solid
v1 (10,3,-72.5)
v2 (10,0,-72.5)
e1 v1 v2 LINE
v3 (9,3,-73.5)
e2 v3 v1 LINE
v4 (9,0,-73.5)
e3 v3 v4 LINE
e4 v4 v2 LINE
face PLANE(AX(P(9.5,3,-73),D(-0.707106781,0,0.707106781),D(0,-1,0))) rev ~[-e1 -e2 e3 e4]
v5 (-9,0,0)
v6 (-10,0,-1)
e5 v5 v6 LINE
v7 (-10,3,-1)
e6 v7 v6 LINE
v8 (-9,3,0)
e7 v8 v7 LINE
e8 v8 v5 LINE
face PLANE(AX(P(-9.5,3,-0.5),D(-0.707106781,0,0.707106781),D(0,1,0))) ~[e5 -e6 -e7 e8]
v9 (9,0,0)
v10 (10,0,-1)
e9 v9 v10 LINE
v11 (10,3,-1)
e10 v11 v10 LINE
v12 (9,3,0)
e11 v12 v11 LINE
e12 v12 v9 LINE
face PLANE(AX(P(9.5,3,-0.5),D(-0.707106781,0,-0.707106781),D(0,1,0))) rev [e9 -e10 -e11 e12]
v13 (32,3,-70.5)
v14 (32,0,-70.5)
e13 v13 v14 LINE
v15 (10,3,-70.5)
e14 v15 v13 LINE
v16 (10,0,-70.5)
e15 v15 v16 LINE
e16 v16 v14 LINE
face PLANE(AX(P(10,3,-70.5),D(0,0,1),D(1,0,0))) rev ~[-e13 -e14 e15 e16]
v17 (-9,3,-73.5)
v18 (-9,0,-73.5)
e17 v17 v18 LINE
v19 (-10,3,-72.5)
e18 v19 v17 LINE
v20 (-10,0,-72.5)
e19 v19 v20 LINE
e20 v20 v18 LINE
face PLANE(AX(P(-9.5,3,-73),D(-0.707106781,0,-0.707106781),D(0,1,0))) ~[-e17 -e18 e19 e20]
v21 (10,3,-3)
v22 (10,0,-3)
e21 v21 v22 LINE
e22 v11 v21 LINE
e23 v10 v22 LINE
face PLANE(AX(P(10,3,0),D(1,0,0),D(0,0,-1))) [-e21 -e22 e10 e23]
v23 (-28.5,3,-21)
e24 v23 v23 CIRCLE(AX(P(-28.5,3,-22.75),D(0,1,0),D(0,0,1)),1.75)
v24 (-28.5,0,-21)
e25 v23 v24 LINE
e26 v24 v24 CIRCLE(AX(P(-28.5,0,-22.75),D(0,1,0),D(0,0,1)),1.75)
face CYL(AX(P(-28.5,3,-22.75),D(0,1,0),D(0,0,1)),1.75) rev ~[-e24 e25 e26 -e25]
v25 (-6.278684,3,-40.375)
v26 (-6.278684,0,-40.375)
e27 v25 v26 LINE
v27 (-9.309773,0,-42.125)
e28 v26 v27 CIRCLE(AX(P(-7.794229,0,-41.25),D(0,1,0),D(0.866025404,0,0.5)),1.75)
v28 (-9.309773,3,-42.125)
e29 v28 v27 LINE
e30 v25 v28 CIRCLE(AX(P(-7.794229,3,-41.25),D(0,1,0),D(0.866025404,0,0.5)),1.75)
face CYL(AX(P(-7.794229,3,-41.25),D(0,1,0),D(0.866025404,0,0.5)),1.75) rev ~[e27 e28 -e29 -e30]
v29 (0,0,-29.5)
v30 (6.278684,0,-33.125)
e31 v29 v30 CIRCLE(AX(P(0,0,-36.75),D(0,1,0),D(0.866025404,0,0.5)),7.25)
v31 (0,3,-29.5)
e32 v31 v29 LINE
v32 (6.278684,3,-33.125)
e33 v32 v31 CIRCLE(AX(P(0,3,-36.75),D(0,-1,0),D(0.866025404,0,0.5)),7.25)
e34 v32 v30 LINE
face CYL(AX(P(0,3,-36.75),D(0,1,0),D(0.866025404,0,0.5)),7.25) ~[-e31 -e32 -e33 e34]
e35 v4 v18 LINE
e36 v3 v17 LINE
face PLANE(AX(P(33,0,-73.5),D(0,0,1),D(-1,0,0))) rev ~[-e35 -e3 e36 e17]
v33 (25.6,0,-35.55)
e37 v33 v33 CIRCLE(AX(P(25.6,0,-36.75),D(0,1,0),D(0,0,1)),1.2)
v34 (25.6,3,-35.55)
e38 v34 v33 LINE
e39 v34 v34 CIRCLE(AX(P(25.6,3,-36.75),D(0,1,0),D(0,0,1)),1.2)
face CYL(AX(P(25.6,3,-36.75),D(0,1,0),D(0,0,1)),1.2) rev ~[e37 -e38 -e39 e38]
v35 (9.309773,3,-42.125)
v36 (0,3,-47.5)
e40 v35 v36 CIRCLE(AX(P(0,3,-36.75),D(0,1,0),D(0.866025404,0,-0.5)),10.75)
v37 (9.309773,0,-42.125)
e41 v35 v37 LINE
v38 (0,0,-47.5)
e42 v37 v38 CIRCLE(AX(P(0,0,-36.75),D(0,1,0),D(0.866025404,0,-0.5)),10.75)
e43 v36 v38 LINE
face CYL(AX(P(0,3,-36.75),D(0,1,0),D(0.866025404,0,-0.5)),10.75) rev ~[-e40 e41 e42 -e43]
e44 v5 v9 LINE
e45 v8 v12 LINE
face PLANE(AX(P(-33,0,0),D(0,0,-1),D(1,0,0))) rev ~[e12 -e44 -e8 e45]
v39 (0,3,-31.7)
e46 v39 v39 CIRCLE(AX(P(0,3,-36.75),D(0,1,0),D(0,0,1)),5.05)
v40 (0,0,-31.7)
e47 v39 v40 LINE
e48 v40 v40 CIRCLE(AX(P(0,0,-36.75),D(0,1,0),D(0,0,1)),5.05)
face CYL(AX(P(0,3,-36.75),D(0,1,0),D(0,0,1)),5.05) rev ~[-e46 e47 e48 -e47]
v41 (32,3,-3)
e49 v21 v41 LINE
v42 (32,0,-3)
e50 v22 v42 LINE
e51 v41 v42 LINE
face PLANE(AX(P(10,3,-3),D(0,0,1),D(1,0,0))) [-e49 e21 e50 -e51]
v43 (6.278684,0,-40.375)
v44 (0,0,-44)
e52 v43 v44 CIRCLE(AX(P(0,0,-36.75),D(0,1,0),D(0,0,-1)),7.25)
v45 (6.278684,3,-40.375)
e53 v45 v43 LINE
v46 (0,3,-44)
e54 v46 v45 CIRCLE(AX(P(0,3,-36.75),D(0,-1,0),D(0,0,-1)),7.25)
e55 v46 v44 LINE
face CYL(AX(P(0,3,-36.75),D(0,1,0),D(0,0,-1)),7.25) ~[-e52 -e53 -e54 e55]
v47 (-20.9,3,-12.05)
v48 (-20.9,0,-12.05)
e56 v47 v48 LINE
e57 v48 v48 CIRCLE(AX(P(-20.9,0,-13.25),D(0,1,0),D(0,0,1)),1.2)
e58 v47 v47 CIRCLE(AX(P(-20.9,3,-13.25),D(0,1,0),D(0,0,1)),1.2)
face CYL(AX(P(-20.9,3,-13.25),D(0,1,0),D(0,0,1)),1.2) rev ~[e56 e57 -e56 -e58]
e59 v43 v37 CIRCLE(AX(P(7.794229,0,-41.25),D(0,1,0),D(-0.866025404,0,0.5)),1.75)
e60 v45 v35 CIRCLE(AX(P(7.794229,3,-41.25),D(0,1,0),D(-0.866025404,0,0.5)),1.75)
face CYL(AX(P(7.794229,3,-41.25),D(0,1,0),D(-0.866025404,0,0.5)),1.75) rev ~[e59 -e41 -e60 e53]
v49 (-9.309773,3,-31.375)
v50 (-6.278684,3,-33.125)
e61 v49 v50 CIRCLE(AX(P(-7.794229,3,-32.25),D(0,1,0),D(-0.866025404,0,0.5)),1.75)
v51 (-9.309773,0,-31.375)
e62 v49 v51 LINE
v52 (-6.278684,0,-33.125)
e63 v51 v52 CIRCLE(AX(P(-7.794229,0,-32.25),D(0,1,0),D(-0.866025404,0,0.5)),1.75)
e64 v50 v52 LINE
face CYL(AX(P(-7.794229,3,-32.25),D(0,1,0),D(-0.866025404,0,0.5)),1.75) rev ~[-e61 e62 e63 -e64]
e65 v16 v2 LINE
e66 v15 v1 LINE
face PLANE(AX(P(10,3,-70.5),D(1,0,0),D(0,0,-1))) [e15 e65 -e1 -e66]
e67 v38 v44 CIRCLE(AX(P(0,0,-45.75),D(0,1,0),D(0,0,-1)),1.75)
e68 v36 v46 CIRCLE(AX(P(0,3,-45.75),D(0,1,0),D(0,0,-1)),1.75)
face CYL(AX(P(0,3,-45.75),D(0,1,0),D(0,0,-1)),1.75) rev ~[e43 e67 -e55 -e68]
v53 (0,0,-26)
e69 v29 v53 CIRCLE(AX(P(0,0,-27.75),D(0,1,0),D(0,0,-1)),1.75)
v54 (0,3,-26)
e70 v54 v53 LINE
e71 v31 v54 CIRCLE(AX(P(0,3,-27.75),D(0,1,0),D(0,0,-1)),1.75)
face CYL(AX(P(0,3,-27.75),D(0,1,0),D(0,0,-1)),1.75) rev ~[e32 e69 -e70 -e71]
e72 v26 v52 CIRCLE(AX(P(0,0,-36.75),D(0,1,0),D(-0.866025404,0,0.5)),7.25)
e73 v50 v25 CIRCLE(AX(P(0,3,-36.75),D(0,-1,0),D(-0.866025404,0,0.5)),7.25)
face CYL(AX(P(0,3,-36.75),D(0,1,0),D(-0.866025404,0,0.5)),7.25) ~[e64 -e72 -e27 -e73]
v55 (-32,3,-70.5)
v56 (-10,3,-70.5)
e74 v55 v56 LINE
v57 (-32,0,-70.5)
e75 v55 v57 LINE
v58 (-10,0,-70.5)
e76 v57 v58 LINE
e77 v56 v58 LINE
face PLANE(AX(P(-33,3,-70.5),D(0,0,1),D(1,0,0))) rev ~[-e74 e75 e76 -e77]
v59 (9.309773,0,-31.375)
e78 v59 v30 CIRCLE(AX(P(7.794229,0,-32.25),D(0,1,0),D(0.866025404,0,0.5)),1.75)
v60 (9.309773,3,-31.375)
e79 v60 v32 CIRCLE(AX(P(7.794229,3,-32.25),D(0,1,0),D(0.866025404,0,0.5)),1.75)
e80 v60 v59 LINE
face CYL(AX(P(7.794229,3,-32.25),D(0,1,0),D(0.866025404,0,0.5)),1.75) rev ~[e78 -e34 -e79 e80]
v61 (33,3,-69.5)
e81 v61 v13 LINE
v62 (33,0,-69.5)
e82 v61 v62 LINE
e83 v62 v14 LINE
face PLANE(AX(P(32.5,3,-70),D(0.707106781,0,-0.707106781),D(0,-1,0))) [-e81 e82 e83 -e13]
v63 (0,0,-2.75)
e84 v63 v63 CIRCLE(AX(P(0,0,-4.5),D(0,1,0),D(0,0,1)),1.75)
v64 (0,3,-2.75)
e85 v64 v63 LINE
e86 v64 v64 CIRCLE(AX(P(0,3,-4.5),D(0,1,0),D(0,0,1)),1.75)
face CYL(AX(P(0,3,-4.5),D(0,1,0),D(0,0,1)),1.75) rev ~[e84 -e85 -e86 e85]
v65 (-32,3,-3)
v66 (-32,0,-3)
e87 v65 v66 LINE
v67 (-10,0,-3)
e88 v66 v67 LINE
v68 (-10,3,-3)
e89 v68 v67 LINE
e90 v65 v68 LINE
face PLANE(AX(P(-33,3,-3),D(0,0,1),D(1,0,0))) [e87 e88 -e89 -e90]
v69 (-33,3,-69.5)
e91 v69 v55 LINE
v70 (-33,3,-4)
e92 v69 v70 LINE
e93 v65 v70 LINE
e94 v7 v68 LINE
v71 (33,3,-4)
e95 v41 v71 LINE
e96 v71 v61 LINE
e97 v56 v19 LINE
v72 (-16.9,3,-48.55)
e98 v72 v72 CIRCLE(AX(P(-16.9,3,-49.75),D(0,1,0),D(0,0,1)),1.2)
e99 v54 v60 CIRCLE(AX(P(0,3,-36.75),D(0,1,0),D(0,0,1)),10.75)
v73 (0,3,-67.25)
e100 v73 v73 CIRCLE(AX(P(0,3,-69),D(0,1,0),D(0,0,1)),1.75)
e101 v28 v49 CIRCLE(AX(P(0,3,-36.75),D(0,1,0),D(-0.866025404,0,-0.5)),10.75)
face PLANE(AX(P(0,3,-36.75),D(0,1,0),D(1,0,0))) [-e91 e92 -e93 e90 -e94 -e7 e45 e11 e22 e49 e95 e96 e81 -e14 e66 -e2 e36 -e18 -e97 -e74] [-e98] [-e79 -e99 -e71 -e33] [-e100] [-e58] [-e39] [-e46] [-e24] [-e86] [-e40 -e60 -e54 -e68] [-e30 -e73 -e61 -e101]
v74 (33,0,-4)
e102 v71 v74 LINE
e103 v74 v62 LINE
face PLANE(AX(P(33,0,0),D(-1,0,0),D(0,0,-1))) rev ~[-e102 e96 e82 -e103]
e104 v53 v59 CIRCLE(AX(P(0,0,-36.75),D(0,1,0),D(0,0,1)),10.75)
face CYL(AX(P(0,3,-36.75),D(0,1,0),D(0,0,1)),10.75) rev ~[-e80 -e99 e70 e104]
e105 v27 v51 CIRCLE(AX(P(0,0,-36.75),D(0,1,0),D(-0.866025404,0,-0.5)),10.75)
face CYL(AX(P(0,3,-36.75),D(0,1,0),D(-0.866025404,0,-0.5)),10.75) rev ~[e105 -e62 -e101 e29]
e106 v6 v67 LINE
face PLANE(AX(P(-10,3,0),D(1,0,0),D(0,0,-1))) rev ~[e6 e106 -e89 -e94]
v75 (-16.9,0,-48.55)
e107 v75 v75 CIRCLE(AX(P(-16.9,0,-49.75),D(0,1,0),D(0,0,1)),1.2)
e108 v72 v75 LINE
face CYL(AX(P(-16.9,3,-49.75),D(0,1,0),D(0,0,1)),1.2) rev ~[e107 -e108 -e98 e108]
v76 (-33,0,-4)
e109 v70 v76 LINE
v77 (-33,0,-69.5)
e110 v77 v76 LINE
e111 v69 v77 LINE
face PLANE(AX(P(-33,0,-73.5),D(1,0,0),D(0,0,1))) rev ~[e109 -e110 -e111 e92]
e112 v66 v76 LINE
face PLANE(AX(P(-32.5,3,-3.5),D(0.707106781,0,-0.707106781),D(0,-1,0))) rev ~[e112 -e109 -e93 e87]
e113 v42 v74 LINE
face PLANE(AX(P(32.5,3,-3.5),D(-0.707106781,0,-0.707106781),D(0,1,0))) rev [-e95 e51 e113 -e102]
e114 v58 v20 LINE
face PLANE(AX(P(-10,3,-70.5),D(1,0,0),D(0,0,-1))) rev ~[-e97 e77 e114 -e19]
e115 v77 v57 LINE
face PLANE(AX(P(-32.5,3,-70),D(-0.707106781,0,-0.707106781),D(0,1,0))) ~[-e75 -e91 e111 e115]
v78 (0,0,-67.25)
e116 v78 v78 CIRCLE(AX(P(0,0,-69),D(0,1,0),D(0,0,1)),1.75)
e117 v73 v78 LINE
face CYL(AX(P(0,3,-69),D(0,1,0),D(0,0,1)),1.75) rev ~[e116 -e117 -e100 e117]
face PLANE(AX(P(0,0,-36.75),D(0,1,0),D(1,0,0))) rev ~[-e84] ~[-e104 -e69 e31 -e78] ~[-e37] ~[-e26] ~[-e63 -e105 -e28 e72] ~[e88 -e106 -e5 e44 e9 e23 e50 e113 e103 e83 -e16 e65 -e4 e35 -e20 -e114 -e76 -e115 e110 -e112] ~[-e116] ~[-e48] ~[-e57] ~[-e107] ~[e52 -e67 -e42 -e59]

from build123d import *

# Parameters (mm, degrees)
BOSS_EXTRUDE1_DEPTH   = 3
CROQUIS13_W           = 23
CROQUIS13_H           = 3
CORTAR_EXTRUIR3_DEPTH = 81.624127902
CUT_EXTRUDE1_REACH    = 82.624
SKETCH3_R             = 1.2
SKETCH3_R_2           = 5.05
SKETCH3_R_3           = 1.75
CHAFL_N3_SIZE         = 1
CORTAR_EXTRUIR2_DEPTH = 81.624127902


with BuildPart() as part:
    # Sketch1 → Boss-Extrude1 (new body)
    with BuildSketch(Plane(origin=(0, 0, 0), x_dir=(1, 0, 0), z_dir=(0, 1, 0))):
        Polygon((-33, 27.237606732), (-33, 0), (33, 0), (33, 73.5), (-33, 73.5), align=None)
    extrude(amount=BOSS_EXTRUDE1_DEPTH)

    # Croquis13 → Cortar-Extruir3 (cut, through all)
    with BuildSketch(Plane(origin=(0, 3, 0), x_dir=(1, 0, 0), z_dir=(0, 1, 0))):
        with Locations((-21.5, 72)):
            Rectangle(CROQUIS13_W, CROQUIS13_H)
        with Locations((21.5, 72)):
            Rectangle(CROQUIS13_W, CROQUIS13_H)
        with Locations((-21.5, 1.5)):
            Rectangle(CROQUIS13_W, CROQUIS13_H)
        with Locations((21.5, 1.5)):
            Rectangle(CROQUIS13_W, CROQUIS13_H)
    extrude(amount=-CORTAR_EXTRUIR3_DEPTH, mode=Mode.SUBTRACT)

    # Sketch3 → Cut-Extrude1 (cut, up to next)
    with BuildSketch(Plane(origin=(0, 3, 0), x_dir=(1, 0, 0), z_dir=(0, 1, 0)), mode=Mode.PRIVATE) as cut_extrude1_sk1:
        with Locations(Location((-20.9, 13.25, 0), (0, 0, 270))):
            Circle(SKETCH3_R)
    cut_extrude1_tool1 = extrude(cut_extrude1_sk1.sketch, amount=-CUT_EXTRUDE1_REACH, mode=Mode.PRIVATE) & part.part
    # Sketch3 → Cut-Extrude1 (cut, up to next)
    with BuildSketch(Plane(origin=(0, 3, 0), x_dir=(1, 0, 0), z_dir=(0, 1, 0)), mode=Mode.PRIVATE) as cut_extrude1_sk2:
        with Locations(Location((0, 36.75, 0), (0, 0, 270))):
            Circle(SKETCH3_R_2)
    cut_extrude1_tool2 = extrude(cut_extrude1_sk2.sketch, amount=-CUT_EXTRUDE1_REACH, mode=Mode.PRIVATE) & part.part
    # Sketch3 → Cut-Extrude1 (cut, up to next)
    with BuildSketch(Plane(origin=(0, 3, 0), x_dir=(1, 0, 0), z_dir=(0, 1, 0)), mode=Mode.PRIVATE) as cut_extrude1_sk3:
        with Locations(Location((-16.9, 49.75, 0), (0, 0, 270))):
            Circle(SKETCH3_R)
    cut_extrude1_tool3 = extrude(cut_extrude1_sk3.sketch, amount=-CUT_EXTRUDE1_REACH, mode=Mode.PRIVATE) & part.part
    # Sketch3 → Cut-Extrude1 (cut, up to next)
    with BuildSketch(Plane(origin=(0, 3, 0), x_dir=(1, 0, 0), z_dir=(0, 1, 0)), mode=Mode.PRIVATE) as cut_extrude1_sk4:
        with Locations(Location((25.6, 36.75, 0), (0, 0, 270))):
            Circle(SKETCH3_R)
    cut_extrude1_tool4 = extrude(cut_extrude1_sk4.sketch, amount=-CUT_EXTRUDE1_REACH, mode=Mode.PRIVATE) & part.part
    # Sketch3 → Cut-Extrude1 (cut, up to next)
    with BuildSketch(Plane(origin=(0, 3, 0), x_dir=(1, 0, 0), z_dir=(0, 1, 0)), mode=Mode.PRIVATE) as cut_extrude1_sk5:
        with Locations(Location((0, 4.5, 0), (0, 0, 270))):
            Circle(SKETCH3_R_3)
    cut_extrude1_tool5 = extrude(cut_extrude1_sk5.sketch, amount=-CUT_EXTRUDE1_REACH, mode=Mode.PRIVATE) & part.part
    # Sketch3 → Cut-Extrude1 (cut, up to next)
    with BuildSketch(Plane(origin=(0, 3, 0), x_dir=(1, 0, 0), z_dir=(0, 1, 0)), mode=Mode.PRIVATE) as cut_extrude1_sk6:
        with Locations(Location((0, 69, 0), (0, 0, 270))):
            Circle(SKETCH3_R_3)
    cut_extrude1_tool6 = extrude(cut_extrude1_sk6.sketch, amount=-CUT_EXTRUDE1_REACH, mode=Mode.PRIVATE) & part.part
    # Sketch3 → Cut-Extrude1 (cut, up to next)
    with BuildSketch(Plane(origin=(0, 3, 0), x_dir=(1, 0, 0), z_dir=(0, 1, 0)), mode=Mode.PRIVATE) as cut_extrude1_sk7:
        with Locations(Location((-28.5, 22.75, 0), (0, 0, 270))):
            Circle(SKETCH3_R_3)
    cut_extrude1_tool7 = extrude(cut_extrude1_sk7.sketch, amount=-CUT_EXTRUDE1_REACH, mode=Mode.PRIVATE) & part.part
    add(cut_extrude1_tool1.solids().sort_by_distance((-20.9, 3, -13.25))[0], mode=Mode.SUBTRACT)
    add(cut_extrude1_tool2.solids().sort_by_distance((0, 3, -36.75))[0], mode=Mode.SUBTRACT)
    add(cut_extrude1_tool3.solids().sort_by_distance((-16.9, 3, -49.75))[0], mode=Mode.SUBTRACT)
    add(cut_extrude1_tool4.solids().sort_by_distance((25.6, 3, -36.75))[0], mode=Mode.SUBTRACT)
    add(cut_extrude1_tool5.solids().sort_by_distance((0, 3, -4.5))[0], mode=Mode.SUBTRACT)
    add(cut_extrude1_tool6.solids().sort_by_distance((0, 3, -69))[0], mode=Mode.SUBTRACT)
    add(cut_extrude1_tool7.solids().sort_by_distance((-28.5, 3, -22.75))[0], mode=Mode.SUBTRACT)

    # Chaflán3
    chafl_n3_edges = [part.edges().sort_by_distance(p)[0] for p in [
        (-33, 1.5, -70.5),
        (-10, 1.5, -73.5),
        (33, 1.5, -70.5),
        (10, 1.5, -73.5),
        (-33, 1.5, -3),
        (-10, 1.5, 0),
        (33, 1.5, -3),
        (10, 1.5, 0),
    ]]
    chamfer(chafl_n3_edges, length=CHAFL_N3_SIZE)

    # Croquis12 → Cortar-Extruir2 (cut, through all)
    with BuildSketch(Plane(origin=(0, 3, 0), x_dir=(1, 0, 0), z_dir=(0, 1, 0))):
        with BuildLine():
            ThreePointArc((-9.309773091, 42.125), (-10.75, 36.75), (-9.309773091, 31.375))
            ThreePointArc((-9.309773091, 31.375), (-6.919228634, 30.734455543), (-6.278684177, 33.125))
            ThreePointArc((-6.278684177, 33.125), (-7.25, 36.75), (-6.278684177, 40.375))
            ThreePointArc((-6.278684177, 40.375), (-6.919228634, 42.765544457), (-9.309773091, 42.125))
        make_face()
        with BuildLine():
            ThreePointArc((9.309773091, 42.125), (5.375, 46.059773091), (0, 47.5))
            ThreePointArc((0, 47.5), (-1.75, 45.75), (0, 44))
            ThreePointArc((0, 44), (3.625, 43.028684177), (6.278684177, 40.375))
            ThreePointArc((6.278684177, 40.375), (8.669228634, 39.734455543), (9.309773091, 42.125))
        make_face()
        with BuildLine():
            ThreePointArc((0, 26), (5.375, 27.440226909), (9.309773091, 31.375))
            ThreePointArc((9.309773091, 31.375), (8.669228634, 33.765544457), (6.278684177, 33.125))
            ThreePointArc((6.278684177, 33.125), (3.625, 30.471315823), (0, 29.5))
            ThreePointArc((0, 29.5), (-1.75, 27.75), (0, 26))
        make_face()
    extrude(amount=-CORTAR_EXTRUIR2_DEPTH, mode=Mode.SUBTRACT)


solid = part.part
